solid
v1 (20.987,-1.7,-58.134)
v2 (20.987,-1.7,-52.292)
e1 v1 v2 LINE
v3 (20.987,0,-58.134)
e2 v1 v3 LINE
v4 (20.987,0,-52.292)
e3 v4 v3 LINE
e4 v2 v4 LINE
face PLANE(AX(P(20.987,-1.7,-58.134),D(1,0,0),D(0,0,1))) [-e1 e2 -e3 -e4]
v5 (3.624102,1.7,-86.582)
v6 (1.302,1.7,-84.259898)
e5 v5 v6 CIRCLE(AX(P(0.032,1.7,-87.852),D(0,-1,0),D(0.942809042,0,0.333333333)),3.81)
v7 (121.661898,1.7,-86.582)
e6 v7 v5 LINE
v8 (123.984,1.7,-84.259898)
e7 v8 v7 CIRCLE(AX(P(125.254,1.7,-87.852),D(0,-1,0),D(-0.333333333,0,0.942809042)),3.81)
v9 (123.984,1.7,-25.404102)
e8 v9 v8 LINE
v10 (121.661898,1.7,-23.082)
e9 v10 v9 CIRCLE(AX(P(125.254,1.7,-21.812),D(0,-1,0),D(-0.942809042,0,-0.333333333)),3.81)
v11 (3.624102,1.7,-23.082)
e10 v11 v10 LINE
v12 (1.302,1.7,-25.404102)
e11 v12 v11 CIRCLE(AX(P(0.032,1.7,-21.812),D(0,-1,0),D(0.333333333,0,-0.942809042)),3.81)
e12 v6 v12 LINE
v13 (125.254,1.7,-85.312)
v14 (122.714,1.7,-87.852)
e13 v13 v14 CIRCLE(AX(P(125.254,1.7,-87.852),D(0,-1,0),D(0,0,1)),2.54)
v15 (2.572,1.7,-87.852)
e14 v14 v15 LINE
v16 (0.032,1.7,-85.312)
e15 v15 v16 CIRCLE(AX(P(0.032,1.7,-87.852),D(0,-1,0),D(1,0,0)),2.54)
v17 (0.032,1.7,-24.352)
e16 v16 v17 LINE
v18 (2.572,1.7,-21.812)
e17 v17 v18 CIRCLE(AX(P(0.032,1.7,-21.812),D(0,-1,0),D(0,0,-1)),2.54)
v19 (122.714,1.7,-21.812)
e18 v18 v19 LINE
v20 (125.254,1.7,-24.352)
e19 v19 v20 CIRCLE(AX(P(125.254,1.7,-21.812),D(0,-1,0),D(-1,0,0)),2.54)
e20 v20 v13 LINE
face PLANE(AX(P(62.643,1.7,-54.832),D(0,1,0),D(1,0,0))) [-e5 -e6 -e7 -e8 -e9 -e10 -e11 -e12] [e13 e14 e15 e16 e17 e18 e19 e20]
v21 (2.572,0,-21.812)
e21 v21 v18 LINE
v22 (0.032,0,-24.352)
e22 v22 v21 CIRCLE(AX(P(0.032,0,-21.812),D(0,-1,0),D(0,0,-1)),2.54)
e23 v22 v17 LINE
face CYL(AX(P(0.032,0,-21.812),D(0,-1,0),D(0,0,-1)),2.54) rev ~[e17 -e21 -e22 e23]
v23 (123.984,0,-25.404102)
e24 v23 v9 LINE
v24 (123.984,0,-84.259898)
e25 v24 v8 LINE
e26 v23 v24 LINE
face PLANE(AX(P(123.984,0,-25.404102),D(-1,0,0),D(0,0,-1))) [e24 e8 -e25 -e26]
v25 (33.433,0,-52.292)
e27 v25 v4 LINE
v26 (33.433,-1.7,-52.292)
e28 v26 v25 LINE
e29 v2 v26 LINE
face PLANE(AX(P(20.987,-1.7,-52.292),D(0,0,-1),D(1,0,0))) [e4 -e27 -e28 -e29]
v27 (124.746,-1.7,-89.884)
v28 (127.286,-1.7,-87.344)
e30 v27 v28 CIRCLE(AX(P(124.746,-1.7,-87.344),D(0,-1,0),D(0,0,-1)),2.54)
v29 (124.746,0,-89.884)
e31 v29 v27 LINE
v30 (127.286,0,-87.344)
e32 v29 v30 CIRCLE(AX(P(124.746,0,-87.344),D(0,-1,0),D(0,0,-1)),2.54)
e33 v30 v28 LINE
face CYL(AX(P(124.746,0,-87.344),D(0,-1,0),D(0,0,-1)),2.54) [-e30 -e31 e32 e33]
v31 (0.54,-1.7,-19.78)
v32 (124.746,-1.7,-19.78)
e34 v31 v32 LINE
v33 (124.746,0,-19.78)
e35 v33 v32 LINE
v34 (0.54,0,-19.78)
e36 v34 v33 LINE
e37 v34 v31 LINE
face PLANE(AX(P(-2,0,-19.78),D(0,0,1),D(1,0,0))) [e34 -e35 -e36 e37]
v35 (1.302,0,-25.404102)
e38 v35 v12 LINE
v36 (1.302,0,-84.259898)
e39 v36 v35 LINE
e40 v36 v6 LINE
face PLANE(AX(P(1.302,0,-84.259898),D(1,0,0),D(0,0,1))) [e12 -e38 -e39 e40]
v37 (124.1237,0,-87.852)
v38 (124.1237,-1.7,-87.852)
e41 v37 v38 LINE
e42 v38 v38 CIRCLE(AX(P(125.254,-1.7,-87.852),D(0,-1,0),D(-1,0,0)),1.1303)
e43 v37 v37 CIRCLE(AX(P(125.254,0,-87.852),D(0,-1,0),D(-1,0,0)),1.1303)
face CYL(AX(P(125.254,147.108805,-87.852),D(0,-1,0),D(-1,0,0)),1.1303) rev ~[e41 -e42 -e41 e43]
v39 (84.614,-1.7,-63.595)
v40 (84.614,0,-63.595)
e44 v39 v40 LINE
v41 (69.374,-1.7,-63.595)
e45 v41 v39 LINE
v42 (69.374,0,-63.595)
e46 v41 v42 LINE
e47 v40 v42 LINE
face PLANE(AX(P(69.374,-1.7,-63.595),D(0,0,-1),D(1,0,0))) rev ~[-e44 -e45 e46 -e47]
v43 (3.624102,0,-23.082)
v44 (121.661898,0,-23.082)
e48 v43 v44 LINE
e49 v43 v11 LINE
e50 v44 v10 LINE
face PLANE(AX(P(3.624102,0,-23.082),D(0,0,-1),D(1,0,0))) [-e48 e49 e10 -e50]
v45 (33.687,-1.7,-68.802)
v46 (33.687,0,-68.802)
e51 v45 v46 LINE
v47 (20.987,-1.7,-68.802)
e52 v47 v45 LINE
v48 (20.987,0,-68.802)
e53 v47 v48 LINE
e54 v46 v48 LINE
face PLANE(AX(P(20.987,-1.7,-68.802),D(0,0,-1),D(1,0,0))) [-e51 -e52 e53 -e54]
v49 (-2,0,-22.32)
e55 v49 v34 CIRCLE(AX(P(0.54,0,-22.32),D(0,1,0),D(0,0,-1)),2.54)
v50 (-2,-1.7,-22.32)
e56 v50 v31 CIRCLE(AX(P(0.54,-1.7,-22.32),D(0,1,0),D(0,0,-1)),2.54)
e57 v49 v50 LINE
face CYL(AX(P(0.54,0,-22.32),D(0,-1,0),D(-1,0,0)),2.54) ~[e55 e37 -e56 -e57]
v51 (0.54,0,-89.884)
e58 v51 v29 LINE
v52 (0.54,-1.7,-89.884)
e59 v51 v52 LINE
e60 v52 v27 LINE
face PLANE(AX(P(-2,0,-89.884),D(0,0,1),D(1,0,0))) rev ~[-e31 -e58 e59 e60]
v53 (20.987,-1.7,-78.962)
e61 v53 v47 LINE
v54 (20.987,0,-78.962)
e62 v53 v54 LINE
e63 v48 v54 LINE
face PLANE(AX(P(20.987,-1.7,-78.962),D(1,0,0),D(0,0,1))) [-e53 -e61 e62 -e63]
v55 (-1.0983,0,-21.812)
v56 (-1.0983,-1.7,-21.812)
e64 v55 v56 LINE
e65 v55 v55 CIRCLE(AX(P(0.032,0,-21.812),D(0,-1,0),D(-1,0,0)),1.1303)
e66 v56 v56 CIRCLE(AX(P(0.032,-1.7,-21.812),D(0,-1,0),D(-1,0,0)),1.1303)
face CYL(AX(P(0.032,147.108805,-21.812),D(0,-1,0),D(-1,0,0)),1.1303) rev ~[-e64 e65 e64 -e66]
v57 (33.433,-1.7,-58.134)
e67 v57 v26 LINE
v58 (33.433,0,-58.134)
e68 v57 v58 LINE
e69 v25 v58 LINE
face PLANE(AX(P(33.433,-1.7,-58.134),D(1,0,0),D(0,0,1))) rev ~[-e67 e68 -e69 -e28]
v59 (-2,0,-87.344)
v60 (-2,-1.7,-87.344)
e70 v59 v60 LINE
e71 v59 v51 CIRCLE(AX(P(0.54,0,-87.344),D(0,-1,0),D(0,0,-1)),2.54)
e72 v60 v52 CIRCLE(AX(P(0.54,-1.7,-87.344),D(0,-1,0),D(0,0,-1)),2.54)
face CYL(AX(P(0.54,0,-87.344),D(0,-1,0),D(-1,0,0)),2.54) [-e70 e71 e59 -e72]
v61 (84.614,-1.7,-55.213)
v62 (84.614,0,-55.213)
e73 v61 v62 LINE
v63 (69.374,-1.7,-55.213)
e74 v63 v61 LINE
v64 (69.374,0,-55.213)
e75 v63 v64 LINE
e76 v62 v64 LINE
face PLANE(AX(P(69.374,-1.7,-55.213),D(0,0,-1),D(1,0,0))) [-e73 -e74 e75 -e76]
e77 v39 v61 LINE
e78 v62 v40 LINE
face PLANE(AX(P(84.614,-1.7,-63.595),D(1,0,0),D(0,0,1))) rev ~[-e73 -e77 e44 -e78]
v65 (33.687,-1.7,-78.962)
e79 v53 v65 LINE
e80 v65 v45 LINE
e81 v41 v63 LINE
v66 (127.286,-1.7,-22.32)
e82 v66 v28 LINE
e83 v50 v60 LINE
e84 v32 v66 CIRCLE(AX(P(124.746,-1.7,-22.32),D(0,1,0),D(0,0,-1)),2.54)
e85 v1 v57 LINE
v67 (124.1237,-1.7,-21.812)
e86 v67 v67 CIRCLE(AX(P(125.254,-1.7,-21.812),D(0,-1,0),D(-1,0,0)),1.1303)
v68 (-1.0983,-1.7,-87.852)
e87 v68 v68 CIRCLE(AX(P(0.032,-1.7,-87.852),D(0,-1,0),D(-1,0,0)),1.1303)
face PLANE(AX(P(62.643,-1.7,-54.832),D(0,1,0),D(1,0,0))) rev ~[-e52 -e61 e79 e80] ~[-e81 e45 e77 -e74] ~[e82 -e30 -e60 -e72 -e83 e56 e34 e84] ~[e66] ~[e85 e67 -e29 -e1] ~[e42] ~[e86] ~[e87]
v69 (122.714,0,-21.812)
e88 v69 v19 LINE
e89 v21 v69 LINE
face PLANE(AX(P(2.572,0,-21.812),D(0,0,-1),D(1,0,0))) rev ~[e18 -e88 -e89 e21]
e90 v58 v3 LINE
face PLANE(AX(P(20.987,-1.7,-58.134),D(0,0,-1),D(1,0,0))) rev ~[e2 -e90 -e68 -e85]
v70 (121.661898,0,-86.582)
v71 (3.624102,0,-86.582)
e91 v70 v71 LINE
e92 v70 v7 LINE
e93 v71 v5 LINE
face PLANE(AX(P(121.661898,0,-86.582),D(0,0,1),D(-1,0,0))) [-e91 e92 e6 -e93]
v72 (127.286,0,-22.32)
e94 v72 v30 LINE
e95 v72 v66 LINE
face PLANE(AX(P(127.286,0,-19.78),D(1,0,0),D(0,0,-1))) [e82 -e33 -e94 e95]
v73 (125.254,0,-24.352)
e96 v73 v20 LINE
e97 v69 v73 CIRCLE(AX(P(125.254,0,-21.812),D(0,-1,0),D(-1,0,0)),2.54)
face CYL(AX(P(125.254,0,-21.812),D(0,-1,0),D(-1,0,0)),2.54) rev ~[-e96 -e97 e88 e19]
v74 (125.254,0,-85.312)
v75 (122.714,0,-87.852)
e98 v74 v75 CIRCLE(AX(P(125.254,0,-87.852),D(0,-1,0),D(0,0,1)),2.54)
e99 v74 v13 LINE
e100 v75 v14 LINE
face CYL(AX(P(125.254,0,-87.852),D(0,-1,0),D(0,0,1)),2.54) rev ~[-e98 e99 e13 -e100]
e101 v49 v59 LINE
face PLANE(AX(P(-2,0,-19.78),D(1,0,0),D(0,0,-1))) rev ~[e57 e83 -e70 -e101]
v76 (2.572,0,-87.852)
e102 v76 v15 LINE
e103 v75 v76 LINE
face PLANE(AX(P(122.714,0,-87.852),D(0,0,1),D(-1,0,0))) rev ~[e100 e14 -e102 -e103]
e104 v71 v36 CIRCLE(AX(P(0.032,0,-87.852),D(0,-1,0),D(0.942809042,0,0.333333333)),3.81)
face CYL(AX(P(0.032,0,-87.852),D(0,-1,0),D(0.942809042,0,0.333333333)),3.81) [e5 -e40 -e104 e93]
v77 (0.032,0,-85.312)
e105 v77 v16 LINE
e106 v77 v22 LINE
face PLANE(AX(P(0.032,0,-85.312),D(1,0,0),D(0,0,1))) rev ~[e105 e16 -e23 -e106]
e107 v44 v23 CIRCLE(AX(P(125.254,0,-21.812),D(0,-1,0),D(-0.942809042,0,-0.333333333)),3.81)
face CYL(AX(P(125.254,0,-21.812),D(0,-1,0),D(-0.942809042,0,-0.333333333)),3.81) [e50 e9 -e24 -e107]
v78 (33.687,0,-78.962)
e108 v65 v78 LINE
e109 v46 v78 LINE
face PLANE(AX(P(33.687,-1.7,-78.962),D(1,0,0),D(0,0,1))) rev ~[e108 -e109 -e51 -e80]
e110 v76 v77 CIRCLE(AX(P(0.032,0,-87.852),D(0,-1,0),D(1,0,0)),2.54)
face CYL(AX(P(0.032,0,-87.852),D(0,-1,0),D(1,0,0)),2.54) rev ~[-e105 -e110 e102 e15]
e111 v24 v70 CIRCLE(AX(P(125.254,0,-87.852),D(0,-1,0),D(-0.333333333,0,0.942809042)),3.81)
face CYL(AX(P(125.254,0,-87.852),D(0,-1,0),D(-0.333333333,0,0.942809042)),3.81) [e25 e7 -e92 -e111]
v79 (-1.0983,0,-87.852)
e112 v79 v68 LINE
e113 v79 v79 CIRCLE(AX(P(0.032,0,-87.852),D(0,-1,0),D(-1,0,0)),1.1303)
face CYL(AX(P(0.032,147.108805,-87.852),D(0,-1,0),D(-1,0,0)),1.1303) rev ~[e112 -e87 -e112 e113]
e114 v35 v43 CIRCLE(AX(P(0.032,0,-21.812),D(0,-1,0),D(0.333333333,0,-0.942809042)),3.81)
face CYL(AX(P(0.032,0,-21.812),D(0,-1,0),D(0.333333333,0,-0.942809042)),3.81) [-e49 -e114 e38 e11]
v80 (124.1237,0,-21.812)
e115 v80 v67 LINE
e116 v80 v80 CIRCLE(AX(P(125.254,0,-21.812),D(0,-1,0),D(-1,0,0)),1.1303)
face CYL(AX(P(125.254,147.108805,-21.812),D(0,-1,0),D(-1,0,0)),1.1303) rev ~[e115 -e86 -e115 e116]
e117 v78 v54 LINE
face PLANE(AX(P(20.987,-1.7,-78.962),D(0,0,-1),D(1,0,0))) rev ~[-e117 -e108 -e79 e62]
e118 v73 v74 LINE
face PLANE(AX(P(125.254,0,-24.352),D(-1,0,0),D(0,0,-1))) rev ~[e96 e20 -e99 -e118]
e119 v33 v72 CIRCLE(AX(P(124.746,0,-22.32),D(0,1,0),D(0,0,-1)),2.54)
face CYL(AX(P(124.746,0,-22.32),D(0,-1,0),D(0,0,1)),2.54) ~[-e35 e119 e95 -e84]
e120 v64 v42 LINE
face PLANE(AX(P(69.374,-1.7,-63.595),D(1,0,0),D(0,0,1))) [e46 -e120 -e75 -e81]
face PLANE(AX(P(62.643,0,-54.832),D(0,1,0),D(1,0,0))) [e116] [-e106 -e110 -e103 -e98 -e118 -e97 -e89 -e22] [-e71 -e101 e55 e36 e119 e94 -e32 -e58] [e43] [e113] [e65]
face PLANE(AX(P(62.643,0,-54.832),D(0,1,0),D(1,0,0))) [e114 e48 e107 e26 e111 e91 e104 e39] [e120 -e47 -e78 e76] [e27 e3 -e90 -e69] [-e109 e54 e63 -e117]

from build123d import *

# Parameters (mm, degrees)
SKETCH20_W            = 129.286
SKETCH20_H            = 70.104
BOSS_EXTRUDE5_DEPTH   = 1.699999902
BOSS_EXTRUDE6_DEPTH   = 1.7
FILLET3_R             = 2.54
F_4_40_TAPPED_HOLE3_D = 2.2606
SKETCH28_W            = 15.24
SKETCH28_H            = 8.382
SKETCH28_W_2          = 12.7
SKETCH28_H_2          = 10.16
SKETCH28_W_3          = 12.446
SKETCH28_H_3          = 5.842
CUT_EXTRUDE1_DEPTH    = 2.54


with BuildPart() as part:
    # Sketch20 → Boss-Extrude5 (new body)
    with BuildSketch(Plane(origin=(0, 0, 0), x_dir=(1, 0, 0), z_dir=(0, 1, 0))):
        with Locations((62.643, 54.832)):
            Rectangle(SKETCH20_W, SKETCH20_H)
    extrude(amount=-BOSS_EXTRUDE5_DEPTH)

    # Sketch20<3> → Boss-Extrude6 (add)
    with BuildSketch(Plane(origin=(0, 0, 0), x_dir=(1, 0, 0), z_dir=(0, 1, 0))):
        with BuildLine():
            Line((2.572, 21.812), (122.714, 21.812))
            ThreePointArc((122.714, 21.812), (123.457948776, 23.608051224), (125.254, 24.352))
            Line((125.254, 24.352), (125.254, 85.312))
            ThreePointArc((125.254, 85.312), (123.457948776, 86.055948776), (122.714, 87.852))
            Line((122.714, 87.852), (2.572, 87.852))
            ThreePointArc((2.572, 87.852), (1.828051224, 86.055948776), (0.032, 85.312))
            Line((0.032, 85.312), (0.032, 24.352))
            ThreePointArc((0.032, 24.352), (1.828051224, 23.608051224), (2.572, 21.812))
        make_face()
        with BuildLine():
            Line((3.624102448, 23.082), (121.661897552, 23.082))
            ThreePointArc((121.661897552, 23.082), (122.559923164, 24.506076836), (123.984, 25.404102448))
            Line((123.984, 25.404102448), (123.984, 84.259897552))
            ThreePointArc((123.984, 84.259897552), (122.559923164, 85.157923164), (121.661897552, 86.582))
            Line((121.661897552, 86.582), (3.624102448, 86.582))
            ThreePointArc((3.624102448, 86.582), (2.726076836, 85.157923164), (1.302, 84.259897552))
            Line((1.302, 84.259897552), (1.302, 25.404102448))
            ThreePointArc((1.302, 25.404102448), (2.726076836, 24.506076836), (3.624102448, 23.082))
        make_face(mode=Mode.SUBTRACT)
    extrude(amount=BOSS_EXTRUDE6_DEPTH)

    # Fillet3
    fillet3_edges = [part.edges().sort_by_distance(p)[0] for p in [
        (-2, -0.849999951, -19.78),
        (-2, -0.849999951, -89.884),
        (127.286, -0.849999951, -89.884),
        (127.286, -0.849999951, -19.78),
    ]]
    fillet(fillet3_edges, radius=FILLET3_R)

    # #4-40 Tapped Hole3 (through all)
    with Locations(Plane(origin=(0, 0, 0), x_dir=(1, 0, 0), z_dir=(0, 1, 0))):
        with Locations((0.032, 21.812), (125.254, 21.812), (125.254, 87.852), (0.032, 87.852)):
            Hole(F_4_40_TAPPED_HOLE3_D / 2)

    # Sketch28 → Cut-Extrude1 (cut)
    with BuildSketch(Plane.XZ.offset(1.699999902)):
        with Locations((76.994, -59.404)):
            Rectangle(SKETCH28_W, SKETCH28_H)
        with Locations((27.337, -73.882)):
            Rectangle(SKETCH28_W_2, SKETCH28_H_2)
        with Locations((27.21, -55.213)):
            Rectangle(SKETCH28_W_3, SKETCH28_H_3)
    extrude(amount=-CUT_EXTRUDE1_DEPTH, mode=Mode.SUBTRACT)


solid = part.part
